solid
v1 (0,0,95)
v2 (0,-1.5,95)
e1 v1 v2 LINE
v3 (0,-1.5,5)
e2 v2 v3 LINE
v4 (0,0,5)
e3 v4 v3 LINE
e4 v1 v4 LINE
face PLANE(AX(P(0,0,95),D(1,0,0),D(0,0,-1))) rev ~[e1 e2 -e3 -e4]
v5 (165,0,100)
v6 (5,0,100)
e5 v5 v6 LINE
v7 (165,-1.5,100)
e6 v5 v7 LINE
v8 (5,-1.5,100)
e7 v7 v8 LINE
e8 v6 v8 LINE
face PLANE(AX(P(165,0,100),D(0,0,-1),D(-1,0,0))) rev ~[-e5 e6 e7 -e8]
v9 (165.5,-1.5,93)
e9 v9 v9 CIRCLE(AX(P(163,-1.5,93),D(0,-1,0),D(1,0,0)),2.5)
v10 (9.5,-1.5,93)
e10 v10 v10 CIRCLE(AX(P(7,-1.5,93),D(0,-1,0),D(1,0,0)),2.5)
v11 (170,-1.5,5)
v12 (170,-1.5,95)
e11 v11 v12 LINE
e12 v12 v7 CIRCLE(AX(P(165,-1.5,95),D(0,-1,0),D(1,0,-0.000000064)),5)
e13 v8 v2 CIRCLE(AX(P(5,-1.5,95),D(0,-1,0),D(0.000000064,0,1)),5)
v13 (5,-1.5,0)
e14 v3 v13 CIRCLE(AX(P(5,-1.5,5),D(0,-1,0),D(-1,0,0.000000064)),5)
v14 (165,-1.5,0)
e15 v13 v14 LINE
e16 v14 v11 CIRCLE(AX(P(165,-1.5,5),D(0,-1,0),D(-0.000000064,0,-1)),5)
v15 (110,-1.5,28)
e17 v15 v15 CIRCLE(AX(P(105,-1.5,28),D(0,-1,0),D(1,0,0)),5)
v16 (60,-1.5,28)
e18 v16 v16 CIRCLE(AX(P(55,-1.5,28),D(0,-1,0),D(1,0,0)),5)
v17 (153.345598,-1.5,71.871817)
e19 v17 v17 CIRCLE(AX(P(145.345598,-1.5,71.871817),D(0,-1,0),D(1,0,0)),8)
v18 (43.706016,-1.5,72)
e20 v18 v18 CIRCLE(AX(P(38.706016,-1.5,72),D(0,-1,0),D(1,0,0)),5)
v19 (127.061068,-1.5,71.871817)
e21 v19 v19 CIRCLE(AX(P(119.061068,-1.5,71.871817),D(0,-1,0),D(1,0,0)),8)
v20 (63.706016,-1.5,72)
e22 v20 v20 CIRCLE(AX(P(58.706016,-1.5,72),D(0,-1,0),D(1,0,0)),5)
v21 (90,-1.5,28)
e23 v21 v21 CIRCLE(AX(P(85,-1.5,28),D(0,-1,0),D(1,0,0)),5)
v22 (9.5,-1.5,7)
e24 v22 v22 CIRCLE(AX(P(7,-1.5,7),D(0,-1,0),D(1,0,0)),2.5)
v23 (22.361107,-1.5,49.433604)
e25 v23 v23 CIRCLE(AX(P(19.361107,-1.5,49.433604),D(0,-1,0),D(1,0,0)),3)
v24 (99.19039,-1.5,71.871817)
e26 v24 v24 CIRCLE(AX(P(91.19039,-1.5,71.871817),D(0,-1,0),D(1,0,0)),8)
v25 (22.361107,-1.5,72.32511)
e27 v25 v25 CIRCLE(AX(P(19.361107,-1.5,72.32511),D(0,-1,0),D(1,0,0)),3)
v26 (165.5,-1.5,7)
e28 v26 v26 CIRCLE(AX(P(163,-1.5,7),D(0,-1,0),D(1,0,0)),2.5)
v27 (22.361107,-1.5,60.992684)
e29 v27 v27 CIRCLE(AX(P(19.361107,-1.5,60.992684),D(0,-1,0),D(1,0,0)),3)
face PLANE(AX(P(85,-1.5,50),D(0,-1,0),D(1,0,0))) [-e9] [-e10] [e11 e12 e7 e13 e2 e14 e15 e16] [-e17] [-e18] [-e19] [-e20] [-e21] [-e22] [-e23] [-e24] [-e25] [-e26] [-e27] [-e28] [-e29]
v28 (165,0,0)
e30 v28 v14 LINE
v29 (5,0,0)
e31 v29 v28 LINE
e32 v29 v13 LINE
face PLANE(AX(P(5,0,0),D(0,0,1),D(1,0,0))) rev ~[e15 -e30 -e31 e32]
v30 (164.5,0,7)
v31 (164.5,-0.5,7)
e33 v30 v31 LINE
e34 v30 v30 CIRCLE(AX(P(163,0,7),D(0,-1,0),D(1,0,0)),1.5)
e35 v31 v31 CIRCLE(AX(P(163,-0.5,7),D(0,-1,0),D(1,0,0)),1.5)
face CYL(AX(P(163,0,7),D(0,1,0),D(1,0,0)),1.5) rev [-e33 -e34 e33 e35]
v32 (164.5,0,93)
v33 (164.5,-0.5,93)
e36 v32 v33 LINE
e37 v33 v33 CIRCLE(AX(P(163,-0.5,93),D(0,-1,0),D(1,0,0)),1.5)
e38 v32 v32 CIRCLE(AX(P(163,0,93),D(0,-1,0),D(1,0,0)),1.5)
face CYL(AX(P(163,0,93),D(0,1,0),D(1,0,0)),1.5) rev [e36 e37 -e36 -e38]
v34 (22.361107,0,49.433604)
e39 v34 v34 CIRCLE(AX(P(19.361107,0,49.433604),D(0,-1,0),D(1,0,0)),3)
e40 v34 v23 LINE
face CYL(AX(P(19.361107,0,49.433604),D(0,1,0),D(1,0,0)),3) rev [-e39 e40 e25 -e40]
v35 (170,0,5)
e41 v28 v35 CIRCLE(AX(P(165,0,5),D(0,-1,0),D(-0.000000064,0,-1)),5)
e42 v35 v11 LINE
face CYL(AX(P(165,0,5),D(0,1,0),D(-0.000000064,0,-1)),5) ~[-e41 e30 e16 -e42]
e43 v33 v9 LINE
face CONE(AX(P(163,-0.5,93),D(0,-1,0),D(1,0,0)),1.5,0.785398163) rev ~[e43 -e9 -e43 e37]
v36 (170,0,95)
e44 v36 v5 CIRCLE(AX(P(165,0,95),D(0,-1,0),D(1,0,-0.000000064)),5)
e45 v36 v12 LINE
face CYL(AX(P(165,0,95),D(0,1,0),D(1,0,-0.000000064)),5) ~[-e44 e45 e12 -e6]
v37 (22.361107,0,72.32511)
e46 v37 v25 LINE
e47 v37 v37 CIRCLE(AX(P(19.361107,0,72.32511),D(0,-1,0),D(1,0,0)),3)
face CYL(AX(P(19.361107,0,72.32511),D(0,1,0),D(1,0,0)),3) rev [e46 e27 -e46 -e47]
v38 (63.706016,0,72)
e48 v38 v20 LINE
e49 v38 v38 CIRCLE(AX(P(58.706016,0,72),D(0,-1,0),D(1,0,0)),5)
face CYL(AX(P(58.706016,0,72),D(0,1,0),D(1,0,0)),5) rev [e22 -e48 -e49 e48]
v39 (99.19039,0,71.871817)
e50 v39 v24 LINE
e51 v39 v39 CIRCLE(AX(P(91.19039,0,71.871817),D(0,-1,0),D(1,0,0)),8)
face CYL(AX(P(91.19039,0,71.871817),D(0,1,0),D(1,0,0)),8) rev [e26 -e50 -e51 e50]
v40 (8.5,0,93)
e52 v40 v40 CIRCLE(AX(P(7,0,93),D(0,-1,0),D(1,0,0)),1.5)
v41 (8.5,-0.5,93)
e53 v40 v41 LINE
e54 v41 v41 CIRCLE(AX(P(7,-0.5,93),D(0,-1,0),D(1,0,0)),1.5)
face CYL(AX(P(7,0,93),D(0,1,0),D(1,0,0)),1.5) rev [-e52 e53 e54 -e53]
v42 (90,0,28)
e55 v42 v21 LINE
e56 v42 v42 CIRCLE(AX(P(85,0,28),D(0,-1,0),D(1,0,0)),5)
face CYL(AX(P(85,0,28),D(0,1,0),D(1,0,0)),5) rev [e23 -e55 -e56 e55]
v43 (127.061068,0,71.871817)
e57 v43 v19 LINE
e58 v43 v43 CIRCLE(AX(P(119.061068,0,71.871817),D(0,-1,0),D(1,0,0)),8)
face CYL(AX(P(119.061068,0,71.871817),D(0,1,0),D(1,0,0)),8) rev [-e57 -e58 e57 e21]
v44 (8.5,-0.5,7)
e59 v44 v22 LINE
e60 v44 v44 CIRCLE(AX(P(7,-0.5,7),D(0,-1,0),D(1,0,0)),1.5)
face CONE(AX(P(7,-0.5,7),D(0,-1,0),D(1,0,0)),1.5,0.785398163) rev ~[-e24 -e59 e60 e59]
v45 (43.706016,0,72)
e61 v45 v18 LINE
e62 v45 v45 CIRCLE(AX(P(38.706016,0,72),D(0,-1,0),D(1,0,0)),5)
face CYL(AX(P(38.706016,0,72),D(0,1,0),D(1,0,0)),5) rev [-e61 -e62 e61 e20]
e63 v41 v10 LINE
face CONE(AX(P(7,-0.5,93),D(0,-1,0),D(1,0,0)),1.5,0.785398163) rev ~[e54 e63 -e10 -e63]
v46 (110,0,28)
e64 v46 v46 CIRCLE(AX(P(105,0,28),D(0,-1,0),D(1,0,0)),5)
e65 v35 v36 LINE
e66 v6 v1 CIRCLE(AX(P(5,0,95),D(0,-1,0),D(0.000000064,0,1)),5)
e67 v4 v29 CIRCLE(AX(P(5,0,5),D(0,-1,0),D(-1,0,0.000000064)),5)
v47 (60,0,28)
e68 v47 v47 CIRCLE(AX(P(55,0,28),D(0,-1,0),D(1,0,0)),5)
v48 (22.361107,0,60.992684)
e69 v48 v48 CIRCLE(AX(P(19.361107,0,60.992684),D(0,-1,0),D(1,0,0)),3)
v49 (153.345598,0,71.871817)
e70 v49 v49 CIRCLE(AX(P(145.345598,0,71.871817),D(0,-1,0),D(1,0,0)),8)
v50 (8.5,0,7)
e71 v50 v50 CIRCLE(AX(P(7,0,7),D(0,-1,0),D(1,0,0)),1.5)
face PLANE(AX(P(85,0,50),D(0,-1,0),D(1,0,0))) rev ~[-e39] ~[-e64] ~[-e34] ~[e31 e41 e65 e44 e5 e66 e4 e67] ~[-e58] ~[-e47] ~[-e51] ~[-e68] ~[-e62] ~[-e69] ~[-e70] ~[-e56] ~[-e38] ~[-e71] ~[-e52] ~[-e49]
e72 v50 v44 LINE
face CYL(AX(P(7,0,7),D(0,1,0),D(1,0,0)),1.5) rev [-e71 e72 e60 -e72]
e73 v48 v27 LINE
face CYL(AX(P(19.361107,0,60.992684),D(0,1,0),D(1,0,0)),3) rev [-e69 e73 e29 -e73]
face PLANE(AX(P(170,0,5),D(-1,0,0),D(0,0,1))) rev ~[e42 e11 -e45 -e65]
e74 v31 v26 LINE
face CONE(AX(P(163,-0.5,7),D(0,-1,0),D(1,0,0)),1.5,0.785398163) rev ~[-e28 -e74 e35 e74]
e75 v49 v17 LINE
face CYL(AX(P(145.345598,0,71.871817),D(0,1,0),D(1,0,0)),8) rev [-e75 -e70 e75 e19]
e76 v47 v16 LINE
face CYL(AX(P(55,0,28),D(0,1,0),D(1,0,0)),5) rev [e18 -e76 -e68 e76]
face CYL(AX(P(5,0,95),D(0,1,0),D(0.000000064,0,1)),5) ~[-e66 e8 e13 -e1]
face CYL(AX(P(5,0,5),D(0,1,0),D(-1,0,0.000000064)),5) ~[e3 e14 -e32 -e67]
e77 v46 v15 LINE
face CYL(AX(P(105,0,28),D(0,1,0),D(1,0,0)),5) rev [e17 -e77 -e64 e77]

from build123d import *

# Parameters (mm, degrees)
F0_R     = 1.5
F0_R_2   = 3
F0_R_3   = 5
F0_R_4   = 8
F1_DEPTH = 1.5
F2_SIZE  = 1


with BuildPart() as f1:
    # F0 (on Front) → F1 (new body)
    with BuildSketch(Plane.XZ):
        with BuildLine():
            ThreePointArc((0, 5), (1.464466, 1.464466), (5, 0))
            Line((5, 0), (165, 0))
            ThreePointArc((165, 0), (168.535534, 1.464466), (170, 5))
            Line((170, 5), (170, 95))
            ThreePointArc((170, 95), (168.535534, 98.535534), (165, 100))
            Line((165, 100), (5, 100))
            ThreePointArc((5, 100), (1.464466, 98.535534), (0, 95))
            Line((0, 95), (0, 5))
        make_face()
        with Locations((7, 7)):
            Circle(F0_R, mode=Mode.SUBTRACT)
        with Locations((19.361107, 49.433604)):
            Circle(F0_R_2, mode=Mode.SUBTRACT)
        with Locations((55, 28)):
            Circle(F0_R_3, mode=Mode.SUBTRACT)
        with Locations((163, 7)):
            Circle(F0_R, mode=Mode.SUBTRACT)
        with Locations((85, 28)):
            Circle(F0_R_3, mode=Mode.SUBTRACT)
        with Locations((105, 28)):
            Circle(F0_R_3, mode=Mode.SUBTRACT)
        with Locations((19.361107, 60.992684)):
            Circle(F0_R_2, mode=Mode.SUBTRACT)
        with Locations((19.361107, 72.32511)):
            Circle(F0_R_2, mode=Mode.SUBTRACT)
        with Locations((38.706016, 72)):
            Circle(F0_R_3, mode=Mode.SUBTRACT)
        with Locations((58.706016, 72)):
            Circle(F0_R_3, mode=Mode.SUBTRACT)
        with Locations((7, 93)):
            Circle(F0_R, mode=Mode.SUBTRACT)
        with Locations((91.19039, 71.871817)):
            Circle(F0_R_4, mode=Mode.SUBTRACT)
        with Locations((119.061068, 71.871817)):
            Circle(F0_R_4, mode=Mode.SUBTRACT)
        with Locations((145.345598, 71.871817)):
            Circle(F0_R_4, mode=Mode.SUBTRACT)
        with Locations((163, 93)):
            Circle(F0_R, mode=Mode.SUBTRACT)
    extrude(amount=F1_DEPTH)

    # F2
    f2_edges = [f1.edges().sort_by_distance(p)[0] for p in [
        (161.5, -1.5, 93),
        (161.5, -1.5, 7),
        (5.5, -1.5, 93),
        (5.5, -1.5, 7),
    ]]
    chamfer(f2_edges, length=F2_SIZE)


solid = f1.part
